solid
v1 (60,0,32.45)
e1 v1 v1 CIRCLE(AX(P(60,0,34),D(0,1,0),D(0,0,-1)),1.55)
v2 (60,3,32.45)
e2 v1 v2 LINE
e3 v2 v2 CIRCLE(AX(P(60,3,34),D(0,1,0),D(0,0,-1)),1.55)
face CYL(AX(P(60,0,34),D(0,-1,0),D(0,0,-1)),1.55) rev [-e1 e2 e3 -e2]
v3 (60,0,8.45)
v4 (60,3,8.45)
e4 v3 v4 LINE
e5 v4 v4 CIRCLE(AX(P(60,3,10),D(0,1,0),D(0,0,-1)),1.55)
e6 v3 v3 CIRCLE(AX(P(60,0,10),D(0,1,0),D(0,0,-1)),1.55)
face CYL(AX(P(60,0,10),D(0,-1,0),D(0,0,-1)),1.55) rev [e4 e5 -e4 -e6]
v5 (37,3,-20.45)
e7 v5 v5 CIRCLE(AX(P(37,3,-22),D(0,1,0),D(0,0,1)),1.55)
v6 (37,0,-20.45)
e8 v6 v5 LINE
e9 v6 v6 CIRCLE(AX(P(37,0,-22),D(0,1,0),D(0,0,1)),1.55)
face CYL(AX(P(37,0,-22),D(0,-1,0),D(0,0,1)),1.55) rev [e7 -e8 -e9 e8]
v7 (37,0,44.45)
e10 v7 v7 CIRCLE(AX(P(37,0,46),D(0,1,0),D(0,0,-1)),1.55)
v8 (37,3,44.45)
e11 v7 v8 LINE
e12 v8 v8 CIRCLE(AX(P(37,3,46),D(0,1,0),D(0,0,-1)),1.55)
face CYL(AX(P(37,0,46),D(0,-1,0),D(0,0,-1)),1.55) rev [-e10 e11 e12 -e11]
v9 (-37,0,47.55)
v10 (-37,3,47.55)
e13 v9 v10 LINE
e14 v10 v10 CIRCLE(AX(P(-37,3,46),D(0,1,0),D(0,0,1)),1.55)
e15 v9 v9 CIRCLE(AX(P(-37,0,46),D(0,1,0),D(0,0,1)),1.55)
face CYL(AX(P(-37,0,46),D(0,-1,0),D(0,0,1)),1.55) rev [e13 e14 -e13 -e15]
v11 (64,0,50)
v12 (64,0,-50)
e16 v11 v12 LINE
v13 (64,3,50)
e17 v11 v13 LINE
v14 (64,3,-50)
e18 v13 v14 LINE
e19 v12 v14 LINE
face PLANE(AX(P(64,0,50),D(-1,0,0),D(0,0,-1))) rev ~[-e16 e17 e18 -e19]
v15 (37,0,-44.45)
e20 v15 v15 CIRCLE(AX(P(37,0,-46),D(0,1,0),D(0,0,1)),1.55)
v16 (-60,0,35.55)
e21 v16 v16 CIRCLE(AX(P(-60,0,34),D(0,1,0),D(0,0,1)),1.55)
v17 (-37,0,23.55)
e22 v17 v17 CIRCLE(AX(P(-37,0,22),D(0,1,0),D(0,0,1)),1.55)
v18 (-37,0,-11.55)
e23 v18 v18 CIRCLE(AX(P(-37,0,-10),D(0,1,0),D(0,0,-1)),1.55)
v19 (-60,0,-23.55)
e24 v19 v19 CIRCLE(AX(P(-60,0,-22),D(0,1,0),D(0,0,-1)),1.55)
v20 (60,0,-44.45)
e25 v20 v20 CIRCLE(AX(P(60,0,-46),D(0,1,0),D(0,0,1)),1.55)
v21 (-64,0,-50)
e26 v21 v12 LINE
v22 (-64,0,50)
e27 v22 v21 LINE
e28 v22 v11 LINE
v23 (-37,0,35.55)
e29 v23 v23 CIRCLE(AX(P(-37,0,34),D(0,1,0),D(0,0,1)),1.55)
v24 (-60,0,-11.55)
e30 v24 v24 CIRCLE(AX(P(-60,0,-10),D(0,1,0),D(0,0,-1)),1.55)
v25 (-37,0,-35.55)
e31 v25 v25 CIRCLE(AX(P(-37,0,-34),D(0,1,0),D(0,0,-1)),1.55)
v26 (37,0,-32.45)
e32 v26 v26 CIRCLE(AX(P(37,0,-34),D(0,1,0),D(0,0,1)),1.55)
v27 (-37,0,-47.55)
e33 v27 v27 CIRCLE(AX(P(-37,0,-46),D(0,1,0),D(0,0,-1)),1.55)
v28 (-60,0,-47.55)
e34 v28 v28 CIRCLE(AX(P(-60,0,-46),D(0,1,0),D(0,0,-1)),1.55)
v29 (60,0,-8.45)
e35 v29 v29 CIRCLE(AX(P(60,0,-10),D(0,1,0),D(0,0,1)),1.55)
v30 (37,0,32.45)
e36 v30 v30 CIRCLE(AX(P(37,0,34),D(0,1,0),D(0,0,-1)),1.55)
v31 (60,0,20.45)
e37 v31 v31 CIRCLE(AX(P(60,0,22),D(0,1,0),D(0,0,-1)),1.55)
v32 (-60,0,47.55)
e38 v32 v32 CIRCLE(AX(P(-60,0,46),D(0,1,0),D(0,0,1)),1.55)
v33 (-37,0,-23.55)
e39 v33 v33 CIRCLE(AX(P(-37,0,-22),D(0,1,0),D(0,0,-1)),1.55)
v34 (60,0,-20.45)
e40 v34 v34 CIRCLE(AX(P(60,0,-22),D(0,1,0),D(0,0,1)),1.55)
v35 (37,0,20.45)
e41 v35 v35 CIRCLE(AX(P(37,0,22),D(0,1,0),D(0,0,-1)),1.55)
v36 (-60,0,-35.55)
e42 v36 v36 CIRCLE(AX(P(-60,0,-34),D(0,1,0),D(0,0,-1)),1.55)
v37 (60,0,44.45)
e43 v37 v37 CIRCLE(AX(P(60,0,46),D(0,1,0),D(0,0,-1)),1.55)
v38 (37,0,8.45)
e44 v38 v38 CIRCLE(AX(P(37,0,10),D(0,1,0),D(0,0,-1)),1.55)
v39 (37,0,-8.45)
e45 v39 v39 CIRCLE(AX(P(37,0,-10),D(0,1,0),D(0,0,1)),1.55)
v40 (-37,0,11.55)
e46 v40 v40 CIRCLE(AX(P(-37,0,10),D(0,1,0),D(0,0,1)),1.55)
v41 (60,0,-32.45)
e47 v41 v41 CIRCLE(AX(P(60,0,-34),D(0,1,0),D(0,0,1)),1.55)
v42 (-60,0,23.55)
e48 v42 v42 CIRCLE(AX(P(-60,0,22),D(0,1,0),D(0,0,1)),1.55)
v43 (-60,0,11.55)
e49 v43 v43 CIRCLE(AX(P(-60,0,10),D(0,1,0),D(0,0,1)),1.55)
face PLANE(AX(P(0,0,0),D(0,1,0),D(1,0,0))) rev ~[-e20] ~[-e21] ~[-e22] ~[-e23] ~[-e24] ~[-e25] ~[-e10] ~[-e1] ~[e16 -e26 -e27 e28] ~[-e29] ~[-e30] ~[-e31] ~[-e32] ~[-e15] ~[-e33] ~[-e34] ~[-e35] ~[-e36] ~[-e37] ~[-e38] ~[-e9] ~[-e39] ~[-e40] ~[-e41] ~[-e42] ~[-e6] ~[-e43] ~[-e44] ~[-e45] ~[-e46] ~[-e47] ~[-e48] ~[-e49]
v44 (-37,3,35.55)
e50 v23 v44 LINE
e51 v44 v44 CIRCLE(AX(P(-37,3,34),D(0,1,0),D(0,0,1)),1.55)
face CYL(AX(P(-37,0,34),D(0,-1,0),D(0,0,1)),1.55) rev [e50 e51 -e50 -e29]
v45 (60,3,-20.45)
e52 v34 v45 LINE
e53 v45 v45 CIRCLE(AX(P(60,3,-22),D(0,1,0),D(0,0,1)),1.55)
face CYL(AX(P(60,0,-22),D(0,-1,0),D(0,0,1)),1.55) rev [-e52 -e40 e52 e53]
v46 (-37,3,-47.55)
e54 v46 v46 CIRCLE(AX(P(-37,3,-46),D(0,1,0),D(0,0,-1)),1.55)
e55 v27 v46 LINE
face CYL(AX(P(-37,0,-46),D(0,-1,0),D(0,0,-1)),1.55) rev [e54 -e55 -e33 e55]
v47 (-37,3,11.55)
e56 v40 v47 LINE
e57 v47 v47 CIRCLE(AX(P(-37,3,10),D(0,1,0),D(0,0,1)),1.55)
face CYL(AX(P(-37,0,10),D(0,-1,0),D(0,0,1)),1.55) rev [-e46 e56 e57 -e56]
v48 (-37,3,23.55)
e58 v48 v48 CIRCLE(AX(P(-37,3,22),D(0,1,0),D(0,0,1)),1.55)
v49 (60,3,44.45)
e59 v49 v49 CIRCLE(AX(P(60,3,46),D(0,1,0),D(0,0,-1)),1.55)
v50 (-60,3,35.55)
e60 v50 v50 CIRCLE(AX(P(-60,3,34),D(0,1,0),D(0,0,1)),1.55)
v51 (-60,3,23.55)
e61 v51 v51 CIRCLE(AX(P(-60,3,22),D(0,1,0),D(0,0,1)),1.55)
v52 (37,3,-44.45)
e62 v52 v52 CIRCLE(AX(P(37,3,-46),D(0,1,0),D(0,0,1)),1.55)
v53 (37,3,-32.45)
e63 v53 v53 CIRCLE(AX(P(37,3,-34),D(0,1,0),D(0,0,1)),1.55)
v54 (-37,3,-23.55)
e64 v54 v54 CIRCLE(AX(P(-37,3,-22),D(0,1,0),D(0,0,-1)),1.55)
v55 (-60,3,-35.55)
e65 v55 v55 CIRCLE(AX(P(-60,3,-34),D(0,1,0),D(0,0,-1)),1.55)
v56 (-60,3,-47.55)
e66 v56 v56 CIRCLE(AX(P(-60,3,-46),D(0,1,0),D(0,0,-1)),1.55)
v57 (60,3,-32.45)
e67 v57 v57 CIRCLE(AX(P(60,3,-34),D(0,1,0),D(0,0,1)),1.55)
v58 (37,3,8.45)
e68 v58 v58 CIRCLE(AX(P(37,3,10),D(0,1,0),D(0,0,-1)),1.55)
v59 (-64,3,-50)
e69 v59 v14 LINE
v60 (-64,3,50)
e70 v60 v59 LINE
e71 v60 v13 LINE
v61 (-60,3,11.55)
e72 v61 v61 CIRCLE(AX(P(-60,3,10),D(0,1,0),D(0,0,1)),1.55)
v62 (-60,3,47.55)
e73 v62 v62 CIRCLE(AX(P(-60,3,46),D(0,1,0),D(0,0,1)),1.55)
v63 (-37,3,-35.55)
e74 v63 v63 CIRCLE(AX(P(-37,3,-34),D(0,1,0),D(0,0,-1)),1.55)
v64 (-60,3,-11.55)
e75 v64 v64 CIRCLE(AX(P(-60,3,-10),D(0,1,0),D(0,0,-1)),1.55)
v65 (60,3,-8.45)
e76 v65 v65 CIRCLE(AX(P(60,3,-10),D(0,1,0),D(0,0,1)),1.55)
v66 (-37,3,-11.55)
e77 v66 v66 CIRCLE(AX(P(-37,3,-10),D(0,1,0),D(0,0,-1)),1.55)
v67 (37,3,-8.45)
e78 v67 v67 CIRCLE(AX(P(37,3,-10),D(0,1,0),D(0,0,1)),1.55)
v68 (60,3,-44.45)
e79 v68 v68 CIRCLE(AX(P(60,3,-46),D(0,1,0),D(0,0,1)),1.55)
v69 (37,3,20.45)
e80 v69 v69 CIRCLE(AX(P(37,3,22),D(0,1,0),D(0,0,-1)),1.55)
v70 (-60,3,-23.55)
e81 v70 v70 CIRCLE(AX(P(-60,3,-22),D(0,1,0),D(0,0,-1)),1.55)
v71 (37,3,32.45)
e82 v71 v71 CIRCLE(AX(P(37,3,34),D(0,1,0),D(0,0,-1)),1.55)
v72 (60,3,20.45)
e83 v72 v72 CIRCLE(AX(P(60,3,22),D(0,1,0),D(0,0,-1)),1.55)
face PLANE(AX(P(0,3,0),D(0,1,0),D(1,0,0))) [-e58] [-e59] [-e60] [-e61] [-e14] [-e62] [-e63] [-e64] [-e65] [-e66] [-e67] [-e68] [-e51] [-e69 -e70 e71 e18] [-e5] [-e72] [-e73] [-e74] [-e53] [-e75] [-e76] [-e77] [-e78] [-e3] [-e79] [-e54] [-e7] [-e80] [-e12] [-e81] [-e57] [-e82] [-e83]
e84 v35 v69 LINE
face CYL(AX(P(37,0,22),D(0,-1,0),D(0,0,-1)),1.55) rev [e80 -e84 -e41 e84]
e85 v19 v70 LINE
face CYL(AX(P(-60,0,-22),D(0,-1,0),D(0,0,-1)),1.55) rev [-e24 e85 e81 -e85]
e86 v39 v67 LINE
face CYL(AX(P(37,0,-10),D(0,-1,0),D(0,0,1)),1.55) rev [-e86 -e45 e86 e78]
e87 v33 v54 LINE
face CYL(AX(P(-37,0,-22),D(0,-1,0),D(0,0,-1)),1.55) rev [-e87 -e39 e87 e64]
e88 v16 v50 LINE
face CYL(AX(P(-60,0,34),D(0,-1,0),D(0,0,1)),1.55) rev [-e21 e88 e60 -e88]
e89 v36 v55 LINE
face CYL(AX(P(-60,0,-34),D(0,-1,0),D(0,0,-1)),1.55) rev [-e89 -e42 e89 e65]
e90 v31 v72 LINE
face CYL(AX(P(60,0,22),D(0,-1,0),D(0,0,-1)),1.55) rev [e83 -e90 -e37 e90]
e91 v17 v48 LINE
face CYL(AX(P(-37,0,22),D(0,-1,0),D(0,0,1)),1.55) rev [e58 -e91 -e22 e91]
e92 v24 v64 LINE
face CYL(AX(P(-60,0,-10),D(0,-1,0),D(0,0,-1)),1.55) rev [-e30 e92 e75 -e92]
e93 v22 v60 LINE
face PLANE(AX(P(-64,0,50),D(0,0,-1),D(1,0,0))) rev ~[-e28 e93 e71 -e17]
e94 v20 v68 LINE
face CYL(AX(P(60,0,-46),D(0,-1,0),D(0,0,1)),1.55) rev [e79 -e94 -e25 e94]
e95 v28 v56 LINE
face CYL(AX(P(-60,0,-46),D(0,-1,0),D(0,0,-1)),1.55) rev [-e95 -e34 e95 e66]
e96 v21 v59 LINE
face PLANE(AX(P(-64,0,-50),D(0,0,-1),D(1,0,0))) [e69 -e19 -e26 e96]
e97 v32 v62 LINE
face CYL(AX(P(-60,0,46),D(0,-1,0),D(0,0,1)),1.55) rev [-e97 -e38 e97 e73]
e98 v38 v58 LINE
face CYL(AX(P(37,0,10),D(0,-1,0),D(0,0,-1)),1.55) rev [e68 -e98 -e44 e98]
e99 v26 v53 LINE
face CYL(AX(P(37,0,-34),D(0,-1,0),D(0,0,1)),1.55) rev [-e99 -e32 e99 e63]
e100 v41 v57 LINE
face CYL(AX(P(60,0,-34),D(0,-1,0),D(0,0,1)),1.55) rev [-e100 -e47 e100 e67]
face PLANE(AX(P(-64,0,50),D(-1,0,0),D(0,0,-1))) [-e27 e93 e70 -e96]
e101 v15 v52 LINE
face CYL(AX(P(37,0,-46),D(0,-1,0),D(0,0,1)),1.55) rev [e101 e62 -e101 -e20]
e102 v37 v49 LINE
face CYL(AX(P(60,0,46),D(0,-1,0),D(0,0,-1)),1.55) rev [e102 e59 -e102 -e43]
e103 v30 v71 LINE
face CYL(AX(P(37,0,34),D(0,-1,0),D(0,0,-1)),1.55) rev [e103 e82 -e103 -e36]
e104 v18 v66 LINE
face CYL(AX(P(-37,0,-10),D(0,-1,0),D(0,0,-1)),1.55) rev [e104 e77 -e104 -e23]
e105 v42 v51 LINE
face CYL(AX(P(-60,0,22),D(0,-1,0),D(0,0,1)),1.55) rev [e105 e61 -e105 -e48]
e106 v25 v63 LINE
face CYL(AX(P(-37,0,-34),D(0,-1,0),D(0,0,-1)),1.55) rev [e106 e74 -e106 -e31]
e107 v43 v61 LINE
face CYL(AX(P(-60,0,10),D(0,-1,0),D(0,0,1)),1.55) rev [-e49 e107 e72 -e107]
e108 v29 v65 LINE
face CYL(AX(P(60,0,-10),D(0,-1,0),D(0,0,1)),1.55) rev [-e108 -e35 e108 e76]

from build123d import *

# Parameters (mm, degrees)
SKETCH_1_W      = 128
SKETCH_1_H      = 100
SKETCH_1_R      = 1.55
EXTRUDE_1_DEPTH = 3


with BuildPart() as part:
    # 草图1 → 凸台-拉伸1 (new body)
    with BuildSketch(Plane(origin=(0, 0, 0), x_dir=(1, 0, 0), z_dir=(0, 1, 0))):
        Rectangle(SKETCH_1_W, SKETCH_1_H)
        with Locations(Location((-60, -46, 0), (0, 0, 270))):
            Circle(SKETCH_1_R, mode=Mode.SUBTRACT)
        with Locations(Location((-37, -46, 0), (0, 0, 270))):
            Circle(SKETCH_1_R, mode=Mode.SUBTRACT)
        with Locations(Location((-37, -34, 0), (0, 0, 270))):
            Circle(SKETCH_1_R, mode=Mode.SUBTRACT)
        with Locations(Location((-60, -34, 0), (0, 0, 270))):
            Circle(SKETCH_1_R, mode=Mode.SUBTRACT)
        with Locations(Location((-37, -10, 0), (0, 0, 270))):
            Circle(SKETCH_1_R, mode=Mode.SUBTRACT)
        with Locations(Location((-37, -22, 0), (0, 0, 270))):
            Circle(SKETCH_1_R, mode=Mode.SUBTRACT)
        with Locations(Location((-60, -10, 0), (0, 0, 270))):
            Circle(SKETCH_1_R, mode=Mode.SUBTRACT)
        with Locations(Location((-60, -22, 0), (0, 0, 270))):
            Circle(SKETCH_1_R, mode=Mode.SUBTRACT)
        with Locations(Location((60, -34, 0), (0, 0, 90))):
            Circle(SKETCH_1_R, mode=Mode.SUBTRACT)
        with Locations(Location((60, -46, 0), (0, 0, 90))):
            Circle(SKETCH_1_R, mode=Mode.SUBTRACT)
        with Locations(Location((37, -46, 0), (0, 0, 90))):
            Circle(SKETCH_1_R, mode=Mode.SUBTRACT)
        with Locations(Location((37, -34, 0), (0, 0, 90))):
            Circle(SKETCH_1_R, mode=Mode.SUBTRACT)
        with Locations(Location((60, -22, 0), (0, 0, 90))):
            Circle(SKETCH_1_R, mode=Mode.SUBTRACT)
        with Locations(Location((37, -22, 0), (0, 0, 90))):
            Circle(SKETCH_1_R, mode=Mode.SUBTRACT)
        with Locations(Location((37, -10, 0), (0, 0, 90))):
            Circle(SKETCH_1_R, mode=Mode.SUBTRACT)
        with Locations(Location((60, -10, 0), (0, 0, 90))):
            Circle(SKETCH_1_R, mode=Mode.SUBTRACT)
        with Locations(Location((60, 10, 0), (0, 0, 270))):
            Circle(SKETCH_1_R, mode=Mode.SUBTRACT)
        with Locations(Location((37, 10, 0), (0, 0, 270))):
            Circle(SKETCH_1_R, mode=Mode.SUBTRACT)
        with Locations(Location((37, 22, 0), (0, 0, 270))):
            Circle(SKETCH_1_R, mode=Mode.SUBTRACT)
        with Locations(Location((60, 22, 0), (0, 0, 270))):
            Circle(SKETCH_1_R, mode=Mode.SUBTRACT)
        with Locations(Location((60, 34, 0), (0, 0, 270))):
            Circle(SKETCH_1_R, mode=Mode.SUBTRACT)
        with Locations(Location((60, 46, 0), (0, 0, 270))):
            Circle(SKETCH_1_R, mode=Mode.SUBTRACT)
        with Locations(Location((37, 34, 0), (0, 0, 270))):
            Circle(SKETCH_1_R, mode=Mode.SUBTRACT)
        with Locations(Location((37, 46, 0), (0, 0, 270))):
            Circle(SKETCH_1_R, mode=Mode.SUBTRACT)
        with Locations(Location((-60, 46, 0), (0, 0, 90))):
            Circle(SKETCH_1_R, mode=Mode.SUBTRACT)
        with Locations(Location((-37, 46, 0), (0, 0, 90))):
            Circle(SKETCH_1_R, mode=Mode.SUBTRACT)
        with Locations(Location((-37, 34, 0), (0, 0, 90))):
            Circle(SKETCH_1_R, mode=Mode.SUBTRACT)
        with Locations(Location((-60, 34, 0), (0, 0, 90))):
            Circle(SKETCH_1_R, mode=Mode.SUBTRACT)
        with Locations(Location((-60, 22, 0), (0, 0, 90))):
            Circle(SKETCH_1_R, mode=Mode.SUBTRACT)
        with Locations(Location((-37, 22, 0), (0, 0, 90))):
            Circle(SKETCH_1_R, mode=Mode.SUBTRACT)
        with Locations(Location((-37, 10, 0), (0, 0, 90))):
            Circle(SKETCH_1_R, mode=Mode.SUBTRACT)
        with Locations(Location((-60, 10, 0), (0, 0, 90))):
            Circle(SKETCH_1_R, mode=Mode.SUBTRACT)
    extrude(amount=EXTRUDE_1_DEPTH)


solid = part.part
